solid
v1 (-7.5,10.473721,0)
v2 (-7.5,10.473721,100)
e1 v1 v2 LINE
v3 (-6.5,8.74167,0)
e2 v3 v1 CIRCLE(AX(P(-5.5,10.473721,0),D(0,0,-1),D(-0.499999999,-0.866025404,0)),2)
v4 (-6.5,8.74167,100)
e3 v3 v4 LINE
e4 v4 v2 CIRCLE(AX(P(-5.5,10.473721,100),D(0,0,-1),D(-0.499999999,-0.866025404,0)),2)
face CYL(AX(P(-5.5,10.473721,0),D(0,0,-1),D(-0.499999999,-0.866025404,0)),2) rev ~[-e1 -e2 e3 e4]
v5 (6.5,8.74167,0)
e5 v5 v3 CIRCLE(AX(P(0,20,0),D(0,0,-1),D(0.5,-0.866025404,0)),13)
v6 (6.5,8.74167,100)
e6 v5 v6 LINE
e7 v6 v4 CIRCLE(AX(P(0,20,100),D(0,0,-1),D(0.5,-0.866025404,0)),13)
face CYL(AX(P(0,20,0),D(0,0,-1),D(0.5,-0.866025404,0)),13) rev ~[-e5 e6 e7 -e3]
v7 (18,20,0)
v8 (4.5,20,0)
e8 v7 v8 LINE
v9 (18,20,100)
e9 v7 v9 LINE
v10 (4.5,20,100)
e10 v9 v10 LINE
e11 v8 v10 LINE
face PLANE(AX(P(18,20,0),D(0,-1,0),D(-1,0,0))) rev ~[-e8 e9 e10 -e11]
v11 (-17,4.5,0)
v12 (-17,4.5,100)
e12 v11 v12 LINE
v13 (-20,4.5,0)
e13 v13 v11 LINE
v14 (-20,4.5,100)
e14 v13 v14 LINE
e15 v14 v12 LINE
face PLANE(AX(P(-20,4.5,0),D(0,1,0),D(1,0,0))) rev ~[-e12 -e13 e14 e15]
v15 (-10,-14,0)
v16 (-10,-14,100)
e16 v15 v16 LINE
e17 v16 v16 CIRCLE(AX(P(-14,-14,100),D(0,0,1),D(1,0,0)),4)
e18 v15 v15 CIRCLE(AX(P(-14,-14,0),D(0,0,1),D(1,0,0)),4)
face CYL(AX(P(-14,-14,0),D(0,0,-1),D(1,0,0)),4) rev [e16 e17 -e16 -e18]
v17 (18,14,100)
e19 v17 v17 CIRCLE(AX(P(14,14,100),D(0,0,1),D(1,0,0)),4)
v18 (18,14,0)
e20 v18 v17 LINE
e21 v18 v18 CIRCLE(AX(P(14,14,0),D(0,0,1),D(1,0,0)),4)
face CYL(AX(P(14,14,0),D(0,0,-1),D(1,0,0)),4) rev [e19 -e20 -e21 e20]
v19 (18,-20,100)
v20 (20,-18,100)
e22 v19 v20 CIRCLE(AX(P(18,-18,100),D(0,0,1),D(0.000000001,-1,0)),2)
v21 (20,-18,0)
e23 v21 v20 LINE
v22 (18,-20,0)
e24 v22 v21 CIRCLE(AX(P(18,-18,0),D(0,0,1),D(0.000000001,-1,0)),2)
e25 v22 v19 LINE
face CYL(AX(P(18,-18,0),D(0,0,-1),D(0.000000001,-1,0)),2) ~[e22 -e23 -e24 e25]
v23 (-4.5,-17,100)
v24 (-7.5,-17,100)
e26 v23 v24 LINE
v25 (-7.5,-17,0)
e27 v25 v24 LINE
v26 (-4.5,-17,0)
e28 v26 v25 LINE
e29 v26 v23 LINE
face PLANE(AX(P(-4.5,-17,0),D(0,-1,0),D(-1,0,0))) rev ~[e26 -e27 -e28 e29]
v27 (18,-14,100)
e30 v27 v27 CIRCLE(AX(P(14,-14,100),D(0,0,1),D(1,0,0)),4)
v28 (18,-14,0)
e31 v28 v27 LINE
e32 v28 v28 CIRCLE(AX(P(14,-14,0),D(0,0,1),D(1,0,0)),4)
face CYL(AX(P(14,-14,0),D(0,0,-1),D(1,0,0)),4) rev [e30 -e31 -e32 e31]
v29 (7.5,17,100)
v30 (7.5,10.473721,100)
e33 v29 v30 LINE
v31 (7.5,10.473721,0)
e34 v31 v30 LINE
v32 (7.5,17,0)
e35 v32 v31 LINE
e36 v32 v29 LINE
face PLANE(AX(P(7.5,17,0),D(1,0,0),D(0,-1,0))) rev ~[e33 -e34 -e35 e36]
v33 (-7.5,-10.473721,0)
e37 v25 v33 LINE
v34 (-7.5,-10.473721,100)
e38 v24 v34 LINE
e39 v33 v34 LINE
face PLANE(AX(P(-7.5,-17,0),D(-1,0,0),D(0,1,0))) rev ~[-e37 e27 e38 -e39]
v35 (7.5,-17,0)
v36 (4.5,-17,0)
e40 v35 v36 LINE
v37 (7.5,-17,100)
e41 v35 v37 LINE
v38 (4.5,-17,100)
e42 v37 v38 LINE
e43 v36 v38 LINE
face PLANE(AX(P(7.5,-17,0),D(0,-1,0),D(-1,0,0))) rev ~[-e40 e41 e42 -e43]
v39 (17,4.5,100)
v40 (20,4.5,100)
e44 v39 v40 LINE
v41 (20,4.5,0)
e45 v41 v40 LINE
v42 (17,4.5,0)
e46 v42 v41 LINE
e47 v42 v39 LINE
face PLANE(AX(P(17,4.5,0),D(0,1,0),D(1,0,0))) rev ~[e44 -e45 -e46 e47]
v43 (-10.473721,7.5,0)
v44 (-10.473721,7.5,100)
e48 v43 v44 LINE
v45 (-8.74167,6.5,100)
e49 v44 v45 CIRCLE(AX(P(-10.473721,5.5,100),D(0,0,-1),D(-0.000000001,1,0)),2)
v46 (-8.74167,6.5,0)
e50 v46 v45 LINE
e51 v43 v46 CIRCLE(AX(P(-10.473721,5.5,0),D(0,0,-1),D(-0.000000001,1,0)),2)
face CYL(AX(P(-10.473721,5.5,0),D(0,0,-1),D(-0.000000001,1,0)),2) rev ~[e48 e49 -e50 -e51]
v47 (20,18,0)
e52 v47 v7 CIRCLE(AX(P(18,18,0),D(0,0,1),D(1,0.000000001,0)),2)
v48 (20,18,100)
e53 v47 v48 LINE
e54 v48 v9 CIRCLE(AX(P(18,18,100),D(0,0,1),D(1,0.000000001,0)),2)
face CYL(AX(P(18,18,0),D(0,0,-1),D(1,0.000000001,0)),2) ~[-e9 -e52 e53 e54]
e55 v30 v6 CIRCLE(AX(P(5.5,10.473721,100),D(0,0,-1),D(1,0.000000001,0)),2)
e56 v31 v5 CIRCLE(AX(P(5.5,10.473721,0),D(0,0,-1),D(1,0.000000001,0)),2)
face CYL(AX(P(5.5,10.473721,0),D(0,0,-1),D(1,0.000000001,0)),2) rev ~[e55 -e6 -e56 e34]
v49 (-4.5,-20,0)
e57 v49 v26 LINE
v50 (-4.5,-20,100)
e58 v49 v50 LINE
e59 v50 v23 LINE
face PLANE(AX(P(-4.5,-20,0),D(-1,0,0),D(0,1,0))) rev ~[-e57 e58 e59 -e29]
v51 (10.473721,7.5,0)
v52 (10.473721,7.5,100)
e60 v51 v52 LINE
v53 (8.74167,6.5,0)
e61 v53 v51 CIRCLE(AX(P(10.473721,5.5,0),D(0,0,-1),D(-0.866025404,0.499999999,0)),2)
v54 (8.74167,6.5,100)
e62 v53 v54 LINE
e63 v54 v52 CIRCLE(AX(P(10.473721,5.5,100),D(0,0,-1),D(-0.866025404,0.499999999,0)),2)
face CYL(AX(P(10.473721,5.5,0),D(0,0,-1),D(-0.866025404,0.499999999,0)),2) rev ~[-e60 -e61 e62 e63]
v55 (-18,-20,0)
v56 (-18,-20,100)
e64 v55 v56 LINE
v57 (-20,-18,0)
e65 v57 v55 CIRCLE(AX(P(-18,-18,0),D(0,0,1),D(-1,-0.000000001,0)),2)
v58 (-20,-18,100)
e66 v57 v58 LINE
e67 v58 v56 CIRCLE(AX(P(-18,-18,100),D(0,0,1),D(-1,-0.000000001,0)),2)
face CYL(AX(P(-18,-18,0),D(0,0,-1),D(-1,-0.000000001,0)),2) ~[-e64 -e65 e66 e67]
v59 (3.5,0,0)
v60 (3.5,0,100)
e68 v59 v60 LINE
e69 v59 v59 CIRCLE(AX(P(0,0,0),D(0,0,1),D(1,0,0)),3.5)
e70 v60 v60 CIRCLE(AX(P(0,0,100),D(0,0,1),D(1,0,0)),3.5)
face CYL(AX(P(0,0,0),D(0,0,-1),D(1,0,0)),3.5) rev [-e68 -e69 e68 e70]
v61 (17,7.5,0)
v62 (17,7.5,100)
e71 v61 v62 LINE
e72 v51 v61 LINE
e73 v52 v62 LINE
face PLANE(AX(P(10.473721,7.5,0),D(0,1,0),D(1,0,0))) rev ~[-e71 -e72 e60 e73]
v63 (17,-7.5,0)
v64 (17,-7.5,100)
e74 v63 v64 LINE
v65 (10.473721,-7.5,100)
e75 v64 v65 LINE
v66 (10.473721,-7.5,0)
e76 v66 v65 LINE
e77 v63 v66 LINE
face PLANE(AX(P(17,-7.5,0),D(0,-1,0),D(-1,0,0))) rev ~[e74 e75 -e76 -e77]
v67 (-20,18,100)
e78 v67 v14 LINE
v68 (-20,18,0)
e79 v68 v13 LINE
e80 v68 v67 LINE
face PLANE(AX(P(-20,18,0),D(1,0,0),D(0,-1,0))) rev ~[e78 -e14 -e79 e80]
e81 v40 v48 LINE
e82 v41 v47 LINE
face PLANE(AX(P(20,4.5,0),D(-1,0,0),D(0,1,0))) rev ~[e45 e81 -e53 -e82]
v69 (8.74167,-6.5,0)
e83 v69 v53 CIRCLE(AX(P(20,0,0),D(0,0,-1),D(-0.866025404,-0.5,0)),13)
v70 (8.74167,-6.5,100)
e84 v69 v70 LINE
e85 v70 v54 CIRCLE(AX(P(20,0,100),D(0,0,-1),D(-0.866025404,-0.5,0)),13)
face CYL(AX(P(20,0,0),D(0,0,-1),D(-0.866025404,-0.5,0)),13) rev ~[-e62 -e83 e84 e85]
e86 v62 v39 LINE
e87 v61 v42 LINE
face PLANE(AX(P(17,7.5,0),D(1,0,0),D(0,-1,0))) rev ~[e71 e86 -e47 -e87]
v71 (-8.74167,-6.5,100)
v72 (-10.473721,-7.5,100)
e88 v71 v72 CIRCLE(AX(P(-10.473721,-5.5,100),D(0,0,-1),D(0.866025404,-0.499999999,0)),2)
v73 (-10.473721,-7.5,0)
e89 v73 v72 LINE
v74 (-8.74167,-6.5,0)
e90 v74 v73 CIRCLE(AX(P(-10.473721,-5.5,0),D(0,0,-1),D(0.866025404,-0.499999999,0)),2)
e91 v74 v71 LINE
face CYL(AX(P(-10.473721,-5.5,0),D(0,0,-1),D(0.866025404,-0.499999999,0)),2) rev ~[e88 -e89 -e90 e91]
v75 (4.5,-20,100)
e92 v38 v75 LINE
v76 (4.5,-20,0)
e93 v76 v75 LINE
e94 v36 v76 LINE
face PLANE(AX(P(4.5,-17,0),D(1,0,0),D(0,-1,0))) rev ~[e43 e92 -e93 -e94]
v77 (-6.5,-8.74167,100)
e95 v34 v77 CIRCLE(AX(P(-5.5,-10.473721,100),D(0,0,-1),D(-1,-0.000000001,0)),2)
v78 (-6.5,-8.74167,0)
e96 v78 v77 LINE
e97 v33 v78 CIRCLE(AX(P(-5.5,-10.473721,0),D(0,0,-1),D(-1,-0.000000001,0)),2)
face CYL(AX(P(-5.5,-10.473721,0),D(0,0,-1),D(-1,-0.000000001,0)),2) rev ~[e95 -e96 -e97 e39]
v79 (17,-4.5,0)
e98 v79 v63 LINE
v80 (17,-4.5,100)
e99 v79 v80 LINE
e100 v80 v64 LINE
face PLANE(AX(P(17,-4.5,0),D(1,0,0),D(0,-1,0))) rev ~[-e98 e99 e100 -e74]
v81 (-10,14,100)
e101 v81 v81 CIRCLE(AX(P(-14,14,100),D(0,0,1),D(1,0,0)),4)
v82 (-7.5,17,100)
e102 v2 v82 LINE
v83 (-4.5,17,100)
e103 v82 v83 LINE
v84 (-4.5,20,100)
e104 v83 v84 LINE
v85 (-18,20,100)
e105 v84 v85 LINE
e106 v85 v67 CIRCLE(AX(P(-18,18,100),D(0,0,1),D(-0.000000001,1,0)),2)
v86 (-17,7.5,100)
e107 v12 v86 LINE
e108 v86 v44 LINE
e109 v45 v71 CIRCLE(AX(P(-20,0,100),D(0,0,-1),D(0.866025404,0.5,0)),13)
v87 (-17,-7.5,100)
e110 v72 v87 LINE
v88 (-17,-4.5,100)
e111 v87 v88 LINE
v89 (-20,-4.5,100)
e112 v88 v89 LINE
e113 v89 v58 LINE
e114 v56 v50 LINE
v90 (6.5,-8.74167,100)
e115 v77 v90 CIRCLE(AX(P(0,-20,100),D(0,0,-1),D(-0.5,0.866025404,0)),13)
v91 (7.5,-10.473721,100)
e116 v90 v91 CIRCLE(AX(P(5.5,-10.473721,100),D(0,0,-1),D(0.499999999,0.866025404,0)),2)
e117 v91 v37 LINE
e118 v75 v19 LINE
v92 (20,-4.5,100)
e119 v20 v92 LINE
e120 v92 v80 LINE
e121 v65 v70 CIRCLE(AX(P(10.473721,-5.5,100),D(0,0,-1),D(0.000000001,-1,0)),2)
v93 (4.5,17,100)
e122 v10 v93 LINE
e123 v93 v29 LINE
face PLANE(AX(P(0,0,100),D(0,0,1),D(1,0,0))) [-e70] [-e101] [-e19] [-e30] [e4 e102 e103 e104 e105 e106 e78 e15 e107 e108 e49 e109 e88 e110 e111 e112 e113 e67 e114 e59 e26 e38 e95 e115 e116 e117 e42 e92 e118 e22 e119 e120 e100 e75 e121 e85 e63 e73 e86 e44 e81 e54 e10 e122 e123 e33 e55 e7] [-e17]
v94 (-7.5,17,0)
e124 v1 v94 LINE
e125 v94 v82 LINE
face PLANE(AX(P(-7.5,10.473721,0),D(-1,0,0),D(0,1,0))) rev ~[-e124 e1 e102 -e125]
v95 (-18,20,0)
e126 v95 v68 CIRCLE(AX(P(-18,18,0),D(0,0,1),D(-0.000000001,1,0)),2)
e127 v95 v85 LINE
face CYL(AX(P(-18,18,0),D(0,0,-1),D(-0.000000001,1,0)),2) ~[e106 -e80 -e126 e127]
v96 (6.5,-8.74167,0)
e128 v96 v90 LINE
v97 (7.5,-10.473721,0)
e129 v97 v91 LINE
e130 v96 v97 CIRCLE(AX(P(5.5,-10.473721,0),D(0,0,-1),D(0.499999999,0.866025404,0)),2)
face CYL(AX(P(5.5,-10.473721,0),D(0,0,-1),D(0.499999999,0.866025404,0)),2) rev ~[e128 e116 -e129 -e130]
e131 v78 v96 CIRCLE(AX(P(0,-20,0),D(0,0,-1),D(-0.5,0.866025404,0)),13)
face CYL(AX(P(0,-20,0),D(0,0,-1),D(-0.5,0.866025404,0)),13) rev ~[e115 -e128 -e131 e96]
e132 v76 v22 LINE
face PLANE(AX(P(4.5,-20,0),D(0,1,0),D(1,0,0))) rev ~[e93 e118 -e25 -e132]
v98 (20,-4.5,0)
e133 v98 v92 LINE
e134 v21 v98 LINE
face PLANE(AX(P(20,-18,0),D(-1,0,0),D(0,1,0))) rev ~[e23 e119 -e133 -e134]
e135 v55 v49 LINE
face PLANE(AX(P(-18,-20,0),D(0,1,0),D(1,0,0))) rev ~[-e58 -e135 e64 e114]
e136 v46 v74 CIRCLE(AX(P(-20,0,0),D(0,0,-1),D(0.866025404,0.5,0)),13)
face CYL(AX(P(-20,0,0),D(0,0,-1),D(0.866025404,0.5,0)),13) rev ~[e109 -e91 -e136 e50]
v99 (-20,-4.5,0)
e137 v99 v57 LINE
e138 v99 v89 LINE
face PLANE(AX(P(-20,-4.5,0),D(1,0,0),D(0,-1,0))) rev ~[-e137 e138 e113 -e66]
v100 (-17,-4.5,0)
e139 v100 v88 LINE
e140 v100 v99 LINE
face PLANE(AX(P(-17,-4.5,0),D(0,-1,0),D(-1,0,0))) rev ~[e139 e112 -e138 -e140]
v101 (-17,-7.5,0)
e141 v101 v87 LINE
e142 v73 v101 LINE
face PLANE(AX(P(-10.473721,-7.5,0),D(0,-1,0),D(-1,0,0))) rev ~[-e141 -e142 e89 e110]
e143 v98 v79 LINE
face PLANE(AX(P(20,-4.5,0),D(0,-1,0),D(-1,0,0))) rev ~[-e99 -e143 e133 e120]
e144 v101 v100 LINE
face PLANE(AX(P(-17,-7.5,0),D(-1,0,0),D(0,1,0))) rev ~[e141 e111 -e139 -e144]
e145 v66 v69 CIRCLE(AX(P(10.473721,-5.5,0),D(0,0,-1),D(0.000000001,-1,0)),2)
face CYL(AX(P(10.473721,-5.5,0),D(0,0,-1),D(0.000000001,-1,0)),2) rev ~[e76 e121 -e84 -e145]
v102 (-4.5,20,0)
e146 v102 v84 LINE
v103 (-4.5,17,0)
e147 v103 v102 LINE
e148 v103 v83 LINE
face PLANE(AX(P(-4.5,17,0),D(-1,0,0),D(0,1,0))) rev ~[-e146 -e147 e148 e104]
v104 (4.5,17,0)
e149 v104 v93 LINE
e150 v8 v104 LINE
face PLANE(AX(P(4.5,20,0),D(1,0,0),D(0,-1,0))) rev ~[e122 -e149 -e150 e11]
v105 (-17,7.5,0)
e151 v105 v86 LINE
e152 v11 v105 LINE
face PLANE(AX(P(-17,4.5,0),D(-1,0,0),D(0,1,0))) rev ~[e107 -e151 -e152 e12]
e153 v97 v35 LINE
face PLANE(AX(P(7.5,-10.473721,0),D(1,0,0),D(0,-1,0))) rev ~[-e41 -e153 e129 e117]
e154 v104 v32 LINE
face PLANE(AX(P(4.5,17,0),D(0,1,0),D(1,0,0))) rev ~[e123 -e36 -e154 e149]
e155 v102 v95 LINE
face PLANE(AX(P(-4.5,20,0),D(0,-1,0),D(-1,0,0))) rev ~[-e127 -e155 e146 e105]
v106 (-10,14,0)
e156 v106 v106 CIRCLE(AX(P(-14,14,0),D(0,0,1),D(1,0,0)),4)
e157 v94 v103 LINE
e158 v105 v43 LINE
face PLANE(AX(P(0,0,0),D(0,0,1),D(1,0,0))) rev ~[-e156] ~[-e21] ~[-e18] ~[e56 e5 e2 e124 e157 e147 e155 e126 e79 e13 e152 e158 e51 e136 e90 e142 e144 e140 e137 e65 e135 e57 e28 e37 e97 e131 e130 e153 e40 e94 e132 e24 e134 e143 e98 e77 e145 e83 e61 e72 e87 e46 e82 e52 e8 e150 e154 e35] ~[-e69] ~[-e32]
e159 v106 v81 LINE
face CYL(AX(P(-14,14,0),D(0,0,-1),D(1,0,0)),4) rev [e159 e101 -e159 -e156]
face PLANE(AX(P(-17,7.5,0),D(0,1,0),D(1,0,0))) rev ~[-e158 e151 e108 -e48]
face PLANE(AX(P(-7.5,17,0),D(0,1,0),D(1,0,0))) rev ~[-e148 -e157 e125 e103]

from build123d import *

# Parameters (mm, degrees)
SKETCH1_R           = 4
SKETCH1_R_2         = 3.5
BOSS_EXTRUDE1_DEPTH = 100


with BuildPart() as part:
    # Sketch1 → Boss-Extrude1 (new body)
    with BuildSketch(Plane.XY):
        with BuildLine():
            Line((-20, 18), (-20, 4.5))
            Line((-20, 4.5), (-17, 4.5))
            Line((-17, 4.5), (-17, 7.5))
            Line((-17, 7.5), (-10.473720558, 7.5))
            ThreePointArc((-10.473720558, 7.5), (-9.473720558, 7.232050808), (-8.741669751, 6.5))
            ThreePointArc((-8.741669751, 6.5), (-7, 0), (-8.741669751, -6.5))
            ThreePointArc((-8.741669751, -6.5), (-9.473720558, -7.232050808), (-10.473720558, -7.5))
            Line((-10.473720558, -7.5), (-17, -7.5))
            Line((-17, -7.5), (-17, -4.5))
            Line((-17, -4.5), (-20, -4.5))
            Line((-20, -4.5), (-20, -18))
            ThreePointArc((-20, -18), (-19.414213562, -19.414213562), (-18, -20))
            Line((-18, -20), (-4.5, -20))
            Line((-4.5, -20), (-4.5, -17))
            Line((-4.5, -17), (-7.5, -17))
            Line((-7.5, -17), (-7.5, -10.473720558))
            ThreePointArc((-7.5, -10.473720558), (-7.232050808, -9.473720558), (-6.5, -8.741669751))
            ThreePointArc((-6.5, -8.741669751), (0, -7), (6.5, -8.741669751))
            ThreePointArc((6.5, -8.741669751), (7.232050808, -9.473720558), (7.5, -10.473720558))
            Line((7.5, -10.473720558), (7.5, -17))
            Line((7.5, -17), (4.5, -17))
            Line((4.5, -17), (4.5, -20))
            Line((4.5, -20), (18, -20))
            ThreePointArc((18, -20), (19.414213562, -19.414213562), (20, -18))
            Line((20, -18), (20, -4.5))
            Line((20, -4.5), (17, -4.5))
            Line((17, -4.5), (17, -7.5))
            Line((17, -7.5), (10.473720558, -7.5))
            ThreePointArc((10.473720558, -7.5), (9.473720558, -7.232050808), (8.741669751, -6.5))
            ThreePointArc((8.741669751, -6.5), (7, 0), (8.741669751, 6.5))
            ThreePointArc((8.741669751, 6.5), (9.473720558, 7.232050808), (10.473720558, 7.5))
            Line((10.473720558, 7.5), (17, 7.5))
            Line((17, 7.5), (17, 4.5))
            Line((17, 4.5), (20, 4.5))
            Line((20, 4.5), (20, 18))
            ThreePointArc((20, 18), (19.414213562, 19.414213562), (18, 20))
            Line((18, 20), (4.5, 20))
            Line((4.5, 20), (4.5, 17))
            Line((4.5, 17), (7.5, 17))
            Line((7.5, 17), (7.5, 10.473720558))
            ThreePointArc((7.5, 10.473720558), (7.232050808, 9.473720558), (6.5, 8.741669751))
            ThreePointArc((6.5, 8.741669751), (0, 7), (-6.5, 8.741669751))
            ThreePointArc((-6.5, 8.741669751), (-7.232050808, 9.473720558), (-7.5, 10.473720558))
            Line((-7.5, 10.473720558), (-7.5, 17))
            Line((-7.5, 17), (-4.5, 17))
            Line((-4.5, 17), (-4.5, 20))
            Line((-4.5, 20), (-18, 20))
            ThreePointArc((-18, 20), (-19.414213562, 19.414213562), (-20, 18))
        make_face()
        with Locations((-14, -14)):
            Circle(SKETCH1_R, mode=Mode.SUBTRACT)
        with Locations((14, -14)):
            Circle(SKETCH1_R, mode=Mode.SUBTRACT)
        with Locations((14, 14)):
            Circle(SKETCH1_R, mode=Mode.SUBTRACT)
        Circle(SKETCH1_R_2, mode=Mode.SUBTRACT)
        with Locations((-14, 14)):
            Circle(SKETCH1_R, mode=Mode.SUBTRACT)
    extrude(amount=BOSS_EXTRUDE1_DEPTH)


solid = part.part
